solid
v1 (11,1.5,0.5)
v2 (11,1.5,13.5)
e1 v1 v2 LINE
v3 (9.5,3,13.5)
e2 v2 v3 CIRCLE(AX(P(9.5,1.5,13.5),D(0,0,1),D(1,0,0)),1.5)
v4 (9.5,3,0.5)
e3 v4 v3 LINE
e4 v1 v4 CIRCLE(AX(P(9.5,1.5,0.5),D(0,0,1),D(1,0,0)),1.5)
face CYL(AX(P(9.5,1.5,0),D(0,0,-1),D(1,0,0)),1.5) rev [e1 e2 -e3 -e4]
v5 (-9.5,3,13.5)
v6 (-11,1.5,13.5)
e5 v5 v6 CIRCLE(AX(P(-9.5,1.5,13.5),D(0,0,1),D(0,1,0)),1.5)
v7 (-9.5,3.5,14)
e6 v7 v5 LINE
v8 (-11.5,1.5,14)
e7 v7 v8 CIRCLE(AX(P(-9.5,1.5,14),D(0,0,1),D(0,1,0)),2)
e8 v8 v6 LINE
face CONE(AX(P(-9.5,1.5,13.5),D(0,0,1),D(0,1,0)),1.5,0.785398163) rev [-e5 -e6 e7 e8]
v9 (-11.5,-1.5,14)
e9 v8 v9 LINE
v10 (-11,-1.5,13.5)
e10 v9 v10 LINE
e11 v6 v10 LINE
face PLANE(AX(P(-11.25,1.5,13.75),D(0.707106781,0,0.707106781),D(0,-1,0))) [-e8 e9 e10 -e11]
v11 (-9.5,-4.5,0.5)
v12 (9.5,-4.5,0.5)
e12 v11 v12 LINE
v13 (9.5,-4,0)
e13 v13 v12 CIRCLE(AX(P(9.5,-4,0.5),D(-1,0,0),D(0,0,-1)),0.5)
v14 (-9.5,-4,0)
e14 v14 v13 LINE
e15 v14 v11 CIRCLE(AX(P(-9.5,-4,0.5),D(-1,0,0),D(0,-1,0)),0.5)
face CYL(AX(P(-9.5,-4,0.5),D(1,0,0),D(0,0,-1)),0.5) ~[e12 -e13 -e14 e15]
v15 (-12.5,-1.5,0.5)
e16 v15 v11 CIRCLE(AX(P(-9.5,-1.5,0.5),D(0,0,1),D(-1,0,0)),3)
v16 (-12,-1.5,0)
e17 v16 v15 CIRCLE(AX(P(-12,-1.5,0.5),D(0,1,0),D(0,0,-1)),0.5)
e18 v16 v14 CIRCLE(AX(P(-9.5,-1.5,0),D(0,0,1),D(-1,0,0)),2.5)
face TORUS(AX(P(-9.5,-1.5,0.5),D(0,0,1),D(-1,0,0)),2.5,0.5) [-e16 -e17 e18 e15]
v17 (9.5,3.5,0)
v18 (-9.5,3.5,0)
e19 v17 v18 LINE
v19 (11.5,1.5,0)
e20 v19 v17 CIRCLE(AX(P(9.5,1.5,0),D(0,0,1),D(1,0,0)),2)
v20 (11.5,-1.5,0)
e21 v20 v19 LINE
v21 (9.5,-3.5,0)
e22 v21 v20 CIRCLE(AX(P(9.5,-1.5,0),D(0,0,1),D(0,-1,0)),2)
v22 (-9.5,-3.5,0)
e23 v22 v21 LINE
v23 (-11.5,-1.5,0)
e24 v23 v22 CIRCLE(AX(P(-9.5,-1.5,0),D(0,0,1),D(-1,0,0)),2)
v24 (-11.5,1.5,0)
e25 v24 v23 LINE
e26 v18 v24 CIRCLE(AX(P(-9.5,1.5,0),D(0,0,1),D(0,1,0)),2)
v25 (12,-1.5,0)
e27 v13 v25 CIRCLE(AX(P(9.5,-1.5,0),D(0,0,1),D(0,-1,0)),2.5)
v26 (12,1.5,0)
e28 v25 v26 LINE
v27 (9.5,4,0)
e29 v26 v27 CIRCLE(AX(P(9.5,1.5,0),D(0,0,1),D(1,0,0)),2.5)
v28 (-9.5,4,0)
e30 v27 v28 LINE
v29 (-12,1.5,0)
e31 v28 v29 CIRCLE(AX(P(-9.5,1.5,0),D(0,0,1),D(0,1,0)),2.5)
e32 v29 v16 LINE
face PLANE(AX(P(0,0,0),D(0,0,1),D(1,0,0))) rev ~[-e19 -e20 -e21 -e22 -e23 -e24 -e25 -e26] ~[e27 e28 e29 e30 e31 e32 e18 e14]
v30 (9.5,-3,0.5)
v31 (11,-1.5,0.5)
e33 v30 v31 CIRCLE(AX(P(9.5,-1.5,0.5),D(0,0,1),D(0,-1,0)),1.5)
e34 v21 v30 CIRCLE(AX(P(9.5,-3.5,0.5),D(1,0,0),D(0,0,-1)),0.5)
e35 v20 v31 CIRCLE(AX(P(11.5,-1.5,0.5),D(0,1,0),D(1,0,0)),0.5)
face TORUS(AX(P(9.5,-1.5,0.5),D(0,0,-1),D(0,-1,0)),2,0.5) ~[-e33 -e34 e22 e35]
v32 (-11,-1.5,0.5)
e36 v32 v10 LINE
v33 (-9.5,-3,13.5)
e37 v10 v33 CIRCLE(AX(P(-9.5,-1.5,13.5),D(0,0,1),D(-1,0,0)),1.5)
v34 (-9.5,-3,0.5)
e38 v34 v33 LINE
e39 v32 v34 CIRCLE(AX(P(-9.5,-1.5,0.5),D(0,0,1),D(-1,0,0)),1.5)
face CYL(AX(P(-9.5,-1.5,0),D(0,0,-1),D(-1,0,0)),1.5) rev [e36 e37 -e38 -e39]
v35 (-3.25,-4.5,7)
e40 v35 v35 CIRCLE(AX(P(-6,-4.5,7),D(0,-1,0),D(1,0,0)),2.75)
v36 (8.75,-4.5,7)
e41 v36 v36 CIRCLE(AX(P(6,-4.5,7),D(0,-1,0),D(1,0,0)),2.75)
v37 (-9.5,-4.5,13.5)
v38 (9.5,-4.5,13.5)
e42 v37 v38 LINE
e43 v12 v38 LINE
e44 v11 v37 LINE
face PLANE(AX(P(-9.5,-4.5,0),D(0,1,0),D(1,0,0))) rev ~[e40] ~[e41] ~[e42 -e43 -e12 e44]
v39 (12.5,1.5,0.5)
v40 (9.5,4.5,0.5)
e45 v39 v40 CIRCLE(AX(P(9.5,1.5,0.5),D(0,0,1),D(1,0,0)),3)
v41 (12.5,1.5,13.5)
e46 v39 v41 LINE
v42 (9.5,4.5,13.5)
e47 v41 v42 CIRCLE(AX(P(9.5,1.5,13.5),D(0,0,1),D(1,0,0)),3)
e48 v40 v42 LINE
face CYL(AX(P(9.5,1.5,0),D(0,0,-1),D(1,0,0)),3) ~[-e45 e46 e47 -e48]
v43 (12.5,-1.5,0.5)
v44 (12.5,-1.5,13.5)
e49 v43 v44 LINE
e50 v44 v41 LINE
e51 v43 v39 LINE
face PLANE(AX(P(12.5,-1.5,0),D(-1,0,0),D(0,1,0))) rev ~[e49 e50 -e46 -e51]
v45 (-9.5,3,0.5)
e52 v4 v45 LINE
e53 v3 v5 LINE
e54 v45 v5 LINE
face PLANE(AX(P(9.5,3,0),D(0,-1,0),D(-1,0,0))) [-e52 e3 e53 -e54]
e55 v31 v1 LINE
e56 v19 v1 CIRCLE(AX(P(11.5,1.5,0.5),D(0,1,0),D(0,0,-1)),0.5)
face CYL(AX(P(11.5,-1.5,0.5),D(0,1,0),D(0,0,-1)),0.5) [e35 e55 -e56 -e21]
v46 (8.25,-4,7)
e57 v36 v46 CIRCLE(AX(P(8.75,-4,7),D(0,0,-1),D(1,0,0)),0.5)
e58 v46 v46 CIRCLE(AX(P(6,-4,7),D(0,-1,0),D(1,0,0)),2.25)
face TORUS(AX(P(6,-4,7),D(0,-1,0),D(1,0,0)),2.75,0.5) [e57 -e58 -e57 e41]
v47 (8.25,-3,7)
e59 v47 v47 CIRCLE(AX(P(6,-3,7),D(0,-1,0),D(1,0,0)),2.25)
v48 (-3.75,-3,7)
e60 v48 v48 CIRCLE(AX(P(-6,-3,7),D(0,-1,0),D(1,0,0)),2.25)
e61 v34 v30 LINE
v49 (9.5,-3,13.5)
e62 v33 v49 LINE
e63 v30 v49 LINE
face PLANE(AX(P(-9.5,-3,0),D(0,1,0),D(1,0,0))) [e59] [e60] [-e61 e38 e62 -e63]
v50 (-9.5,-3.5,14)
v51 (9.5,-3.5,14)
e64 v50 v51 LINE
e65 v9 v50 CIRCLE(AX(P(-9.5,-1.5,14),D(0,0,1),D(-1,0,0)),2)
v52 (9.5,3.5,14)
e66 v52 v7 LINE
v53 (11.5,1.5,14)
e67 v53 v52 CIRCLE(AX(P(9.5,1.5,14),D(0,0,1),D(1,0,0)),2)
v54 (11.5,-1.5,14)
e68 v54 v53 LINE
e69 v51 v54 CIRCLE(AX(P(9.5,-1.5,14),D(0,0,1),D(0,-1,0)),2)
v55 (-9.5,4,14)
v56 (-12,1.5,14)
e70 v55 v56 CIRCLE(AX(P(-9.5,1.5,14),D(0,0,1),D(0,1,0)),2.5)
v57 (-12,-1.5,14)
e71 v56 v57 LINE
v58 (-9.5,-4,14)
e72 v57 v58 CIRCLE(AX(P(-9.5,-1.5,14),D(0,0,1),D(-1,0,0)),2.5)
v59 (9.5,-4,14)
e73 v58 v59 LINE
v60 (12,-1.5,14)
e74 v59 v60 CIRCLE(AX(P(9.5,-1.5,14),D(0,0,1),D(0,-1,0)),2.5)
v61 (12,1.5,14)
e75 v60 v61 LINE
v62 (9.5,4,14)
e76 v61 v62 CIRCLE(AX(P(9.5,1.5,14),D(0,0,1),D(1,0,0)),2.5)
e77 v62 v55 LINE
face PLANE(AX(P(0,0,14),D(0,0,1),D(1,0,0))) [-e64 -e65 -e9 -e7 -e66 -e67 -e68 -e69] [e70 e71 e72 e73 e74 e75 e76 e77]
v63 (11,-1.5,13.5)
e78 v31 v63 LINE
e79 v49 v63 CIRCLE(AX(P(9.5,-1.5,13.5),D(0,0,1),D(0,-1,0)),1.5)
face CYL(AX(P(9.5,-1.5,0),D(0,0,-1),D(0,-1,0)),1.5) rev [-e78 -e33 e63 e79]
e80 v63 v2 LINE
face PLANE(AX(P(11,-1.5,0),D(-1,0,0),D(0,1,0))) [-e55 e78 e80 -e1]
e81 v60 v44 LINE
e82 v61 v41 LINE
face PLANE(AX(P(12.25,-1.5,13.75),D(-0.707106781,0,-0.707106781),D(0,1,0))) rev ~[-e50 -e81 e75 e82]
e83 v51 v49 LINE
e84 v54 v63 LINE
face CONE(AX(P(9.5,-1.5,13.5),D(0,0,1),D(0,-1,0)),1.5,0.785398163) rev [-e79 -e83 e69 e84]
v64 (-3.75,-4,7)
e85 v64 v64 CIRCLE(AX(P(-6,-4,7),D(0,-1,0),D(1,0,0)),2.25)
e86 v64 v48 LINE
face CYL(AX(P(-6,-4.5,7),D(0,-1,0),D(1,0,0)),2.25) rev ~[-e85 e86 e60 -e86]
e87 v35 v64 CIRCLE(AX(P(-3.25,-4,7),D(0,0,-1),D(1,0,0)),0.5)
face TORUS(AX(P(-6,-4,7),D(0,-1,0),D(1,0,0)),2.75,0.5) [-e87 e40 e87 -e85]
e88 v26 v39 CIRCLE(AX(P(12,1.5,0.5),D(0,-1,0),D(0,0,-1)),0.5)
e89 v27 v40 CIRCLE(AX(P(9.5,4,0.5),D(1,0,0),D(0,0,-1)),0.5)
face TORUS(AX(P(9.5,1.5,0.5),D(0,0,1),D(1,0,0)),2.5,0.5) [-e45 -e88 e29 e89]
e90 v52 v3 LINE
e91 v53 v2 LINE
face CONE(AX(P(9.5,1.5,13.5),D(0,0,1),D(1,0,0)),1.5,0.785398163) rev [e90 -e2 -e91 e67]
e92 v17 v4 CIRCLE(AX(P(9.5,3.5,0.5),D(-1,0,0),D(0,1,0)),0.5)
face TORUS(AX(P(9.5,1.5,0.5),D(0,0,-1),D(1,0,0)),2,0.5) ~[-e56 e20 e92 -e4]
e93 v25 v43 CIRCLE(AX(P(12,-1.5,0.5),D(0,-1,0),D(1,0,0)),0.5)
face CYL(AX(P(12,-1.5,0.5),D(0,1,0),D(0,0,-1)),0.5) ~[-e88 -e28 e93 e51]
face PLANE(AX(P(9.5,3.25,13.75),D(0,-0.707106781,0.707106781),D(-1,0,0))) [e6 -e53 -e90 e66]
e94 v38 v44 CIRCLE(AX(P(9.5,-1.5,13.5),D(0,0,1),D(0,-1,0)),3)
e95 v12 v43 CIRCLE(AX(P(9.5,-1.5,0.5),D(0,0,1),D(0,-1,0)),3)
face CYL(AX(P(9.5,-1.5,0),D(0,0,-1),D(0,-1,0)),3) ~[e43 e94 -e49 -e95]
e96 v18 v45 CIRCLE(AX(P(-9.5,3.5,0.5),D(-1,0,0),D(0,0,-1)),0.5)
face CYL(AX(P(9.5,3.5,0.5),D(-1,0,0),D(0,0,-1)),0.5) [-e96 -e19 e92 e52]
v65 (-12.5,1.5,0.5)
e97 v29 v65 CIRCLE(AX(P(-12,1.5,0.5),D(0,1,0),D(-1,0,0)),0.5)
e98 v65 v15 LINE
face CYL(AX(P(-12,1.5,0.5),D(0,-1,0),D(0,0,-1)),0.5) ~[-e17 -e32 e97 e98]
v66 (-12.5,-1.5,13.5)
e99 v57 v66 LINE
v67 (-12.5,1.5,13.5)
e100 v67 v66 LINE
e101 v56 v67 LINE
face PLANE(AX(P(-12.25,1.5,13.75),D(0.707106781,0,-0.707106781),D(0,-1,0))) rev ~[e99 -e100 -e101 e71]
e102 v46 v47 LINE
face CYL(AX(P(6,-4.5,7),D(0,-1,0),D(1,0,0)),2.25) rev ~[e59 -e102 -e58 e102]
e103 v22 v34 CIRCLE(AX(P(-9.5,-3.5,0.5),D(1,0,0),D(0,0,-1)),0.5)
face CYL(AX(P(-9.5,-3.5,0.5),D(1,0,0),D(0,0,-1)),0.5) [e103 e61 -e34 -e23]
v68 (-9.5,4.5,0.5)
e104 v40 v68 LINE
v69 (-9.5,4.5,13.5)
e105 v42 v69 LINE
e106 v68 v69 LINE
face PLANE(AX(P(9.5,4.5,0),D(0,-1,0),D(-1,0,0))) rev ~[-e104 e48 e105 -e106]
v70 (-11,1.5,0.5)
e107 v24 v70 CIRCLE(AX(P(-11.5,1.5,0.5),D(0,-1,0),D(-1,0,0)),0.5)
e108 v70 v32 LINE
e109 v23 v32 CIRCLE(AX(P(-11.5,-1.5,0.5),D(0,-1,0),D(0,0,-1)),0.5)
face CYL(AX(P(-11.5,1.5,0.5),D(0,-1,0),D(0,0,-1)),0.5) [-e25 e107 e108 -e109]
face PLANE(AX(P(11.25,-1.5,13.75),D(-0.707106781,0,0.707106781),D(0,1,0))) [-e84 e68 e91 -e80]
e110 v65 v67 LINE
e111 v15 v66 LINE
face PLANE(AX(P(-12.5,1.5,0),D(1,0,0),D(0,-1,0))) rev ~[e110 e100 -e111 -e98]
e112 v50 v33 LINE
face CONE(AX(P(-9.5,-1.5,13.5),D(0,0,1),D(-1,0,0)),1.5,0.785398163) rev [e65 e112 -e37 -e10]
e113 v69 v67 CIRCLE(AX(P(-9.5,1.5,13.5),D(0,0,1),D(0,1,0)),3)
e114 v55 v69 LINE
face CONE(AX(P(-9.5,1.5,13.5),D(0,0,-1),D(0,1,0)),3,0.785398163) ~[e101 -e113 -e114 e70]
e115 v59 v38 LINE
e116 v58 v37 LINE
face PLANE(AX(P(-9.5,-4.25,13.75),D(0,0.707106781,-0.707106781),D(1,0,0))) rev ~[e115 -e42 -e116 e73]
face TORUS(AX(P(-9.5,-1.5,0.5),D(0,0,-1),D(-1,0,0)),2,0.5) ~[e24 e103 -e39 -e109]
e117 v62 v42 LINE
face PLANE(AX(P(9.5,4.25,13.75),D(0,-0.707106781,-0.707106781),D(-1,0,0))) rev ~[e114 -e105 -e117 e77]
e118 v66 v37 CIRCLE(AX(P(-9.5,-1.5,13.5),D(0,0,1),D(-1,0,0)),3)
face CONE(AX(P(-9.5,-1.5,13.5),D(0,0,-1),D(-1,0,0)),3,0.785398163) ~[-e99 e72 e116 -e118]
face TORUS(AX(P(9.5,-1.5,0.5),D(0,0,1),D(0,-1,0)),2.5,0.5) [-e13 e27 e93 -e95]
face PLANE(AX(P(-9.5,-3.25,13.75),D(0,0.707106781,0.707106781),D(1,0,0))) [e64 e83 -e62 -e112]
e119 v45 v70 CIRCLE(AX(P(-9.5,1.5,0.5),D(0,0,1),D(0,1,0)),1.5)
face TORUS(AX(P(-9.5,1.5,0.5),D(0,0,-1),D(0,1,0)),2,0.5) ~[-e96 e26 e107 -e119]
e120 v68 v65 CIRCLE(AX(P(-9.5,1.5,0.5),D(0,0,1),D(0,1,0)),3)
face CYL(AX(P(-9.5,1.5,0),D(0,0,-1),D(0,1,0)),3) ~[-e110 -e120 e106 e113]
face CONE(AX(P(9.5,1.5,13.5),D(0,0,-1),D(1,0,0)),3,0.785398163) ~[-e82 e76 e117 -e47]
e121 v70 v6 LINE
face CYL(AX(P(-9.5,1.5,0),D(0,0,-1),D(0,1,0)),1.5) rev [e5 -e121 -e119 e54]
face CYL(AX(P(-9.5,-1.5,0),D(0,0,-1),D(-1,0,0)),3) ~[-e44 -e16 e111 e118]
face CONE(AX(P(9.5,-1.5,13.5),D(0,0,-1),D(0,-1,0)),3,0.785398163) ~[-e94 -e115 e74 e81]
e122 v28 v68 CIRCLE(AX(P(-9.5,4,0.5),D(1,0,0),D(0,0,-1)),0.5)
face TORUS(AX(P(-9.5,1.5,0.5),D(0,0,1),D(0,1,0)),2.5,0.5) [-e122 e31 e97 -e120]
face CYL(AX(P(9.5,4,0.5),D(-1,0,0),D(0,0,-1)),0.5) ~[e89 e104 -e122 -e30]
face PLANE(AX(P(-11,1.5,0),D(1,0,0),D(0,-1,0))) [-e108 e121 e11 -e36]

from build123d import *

# Parameters (mm, degrees)
F1_DEPTH = 14
F2_T     = -1.5
F3_R     = 2.25
F4_DEPTH = 5
F5_R     = 0.5
F6_SIZE  = 0.5


with BuildPart() as f1:
    # F0 (on Top) → F1 (new body)
    with BuildSketch(Plane.XY):
        with BuildLine():
            ThreePointArc((-12.5, -1.5), (-11.6213203436, -3.6213203436), (-9.5, -4.5))
            Line((-9.5, -4.5), (9.5, -4.5))
            ThreePointArc((9.5, -4.5), (11.6213203436, -3.6213203436), (12.5, -1.5))
            Line((12.5, -1.5), (12.5, 1.5))
            ThreePointArc((12.5, 1.5), (11.6213203436, 3.6213203436), (9.5, 4.5))
            Line((9.5, 4.5), (-9.5, 4.5))
            ThreePointArc((-9.5, 4.5), (-11.6213203436, 3.6213203436), (-12.5, 1.5))
            Line((-12.5, 1.5), (-12.5, -1.5))
        make_face()
    extrude(amount=F1_DEPTH)

    # F2
    f2_openings = [f1.faces().sort_by_distance(p)[0] for p in [
        (0, 0, 14),
        (0, 0, 0),
    ]]
    offset(amount=F2_T, openings=f2_openings)

    # F3 (on face) → F4 (cut)
    with BuildSketch(Plane.XZ.offset(4.5)):
        with Locations((-6, 7)):
            Circle(F3_R)
        with Locations((6, 7)):
            Circle(F3_R)
    extrude(amount=-F4_DEPTH, mode=Mode.SUBTRACT)

    # F5
    f5_edges = [f1.edges().sort_by_distance(p)[0] for p in [
        (0, 4.5, 0),
        (0, -3, 0),
        (3.75, -4.5, 7),
        (-8.25, -4.5, 7),
    ]]
    fillet(f5_edges, radius=F5_R)

    # F6
    f6_edges = [f1.edges().sort_by_distance(p)[0] for p in [
        (0, -4.5, 14),
        (0, -3, 14),
    ]]
    chamfer(f6_edges, length=F6_SIZE)


solid = f1.part
